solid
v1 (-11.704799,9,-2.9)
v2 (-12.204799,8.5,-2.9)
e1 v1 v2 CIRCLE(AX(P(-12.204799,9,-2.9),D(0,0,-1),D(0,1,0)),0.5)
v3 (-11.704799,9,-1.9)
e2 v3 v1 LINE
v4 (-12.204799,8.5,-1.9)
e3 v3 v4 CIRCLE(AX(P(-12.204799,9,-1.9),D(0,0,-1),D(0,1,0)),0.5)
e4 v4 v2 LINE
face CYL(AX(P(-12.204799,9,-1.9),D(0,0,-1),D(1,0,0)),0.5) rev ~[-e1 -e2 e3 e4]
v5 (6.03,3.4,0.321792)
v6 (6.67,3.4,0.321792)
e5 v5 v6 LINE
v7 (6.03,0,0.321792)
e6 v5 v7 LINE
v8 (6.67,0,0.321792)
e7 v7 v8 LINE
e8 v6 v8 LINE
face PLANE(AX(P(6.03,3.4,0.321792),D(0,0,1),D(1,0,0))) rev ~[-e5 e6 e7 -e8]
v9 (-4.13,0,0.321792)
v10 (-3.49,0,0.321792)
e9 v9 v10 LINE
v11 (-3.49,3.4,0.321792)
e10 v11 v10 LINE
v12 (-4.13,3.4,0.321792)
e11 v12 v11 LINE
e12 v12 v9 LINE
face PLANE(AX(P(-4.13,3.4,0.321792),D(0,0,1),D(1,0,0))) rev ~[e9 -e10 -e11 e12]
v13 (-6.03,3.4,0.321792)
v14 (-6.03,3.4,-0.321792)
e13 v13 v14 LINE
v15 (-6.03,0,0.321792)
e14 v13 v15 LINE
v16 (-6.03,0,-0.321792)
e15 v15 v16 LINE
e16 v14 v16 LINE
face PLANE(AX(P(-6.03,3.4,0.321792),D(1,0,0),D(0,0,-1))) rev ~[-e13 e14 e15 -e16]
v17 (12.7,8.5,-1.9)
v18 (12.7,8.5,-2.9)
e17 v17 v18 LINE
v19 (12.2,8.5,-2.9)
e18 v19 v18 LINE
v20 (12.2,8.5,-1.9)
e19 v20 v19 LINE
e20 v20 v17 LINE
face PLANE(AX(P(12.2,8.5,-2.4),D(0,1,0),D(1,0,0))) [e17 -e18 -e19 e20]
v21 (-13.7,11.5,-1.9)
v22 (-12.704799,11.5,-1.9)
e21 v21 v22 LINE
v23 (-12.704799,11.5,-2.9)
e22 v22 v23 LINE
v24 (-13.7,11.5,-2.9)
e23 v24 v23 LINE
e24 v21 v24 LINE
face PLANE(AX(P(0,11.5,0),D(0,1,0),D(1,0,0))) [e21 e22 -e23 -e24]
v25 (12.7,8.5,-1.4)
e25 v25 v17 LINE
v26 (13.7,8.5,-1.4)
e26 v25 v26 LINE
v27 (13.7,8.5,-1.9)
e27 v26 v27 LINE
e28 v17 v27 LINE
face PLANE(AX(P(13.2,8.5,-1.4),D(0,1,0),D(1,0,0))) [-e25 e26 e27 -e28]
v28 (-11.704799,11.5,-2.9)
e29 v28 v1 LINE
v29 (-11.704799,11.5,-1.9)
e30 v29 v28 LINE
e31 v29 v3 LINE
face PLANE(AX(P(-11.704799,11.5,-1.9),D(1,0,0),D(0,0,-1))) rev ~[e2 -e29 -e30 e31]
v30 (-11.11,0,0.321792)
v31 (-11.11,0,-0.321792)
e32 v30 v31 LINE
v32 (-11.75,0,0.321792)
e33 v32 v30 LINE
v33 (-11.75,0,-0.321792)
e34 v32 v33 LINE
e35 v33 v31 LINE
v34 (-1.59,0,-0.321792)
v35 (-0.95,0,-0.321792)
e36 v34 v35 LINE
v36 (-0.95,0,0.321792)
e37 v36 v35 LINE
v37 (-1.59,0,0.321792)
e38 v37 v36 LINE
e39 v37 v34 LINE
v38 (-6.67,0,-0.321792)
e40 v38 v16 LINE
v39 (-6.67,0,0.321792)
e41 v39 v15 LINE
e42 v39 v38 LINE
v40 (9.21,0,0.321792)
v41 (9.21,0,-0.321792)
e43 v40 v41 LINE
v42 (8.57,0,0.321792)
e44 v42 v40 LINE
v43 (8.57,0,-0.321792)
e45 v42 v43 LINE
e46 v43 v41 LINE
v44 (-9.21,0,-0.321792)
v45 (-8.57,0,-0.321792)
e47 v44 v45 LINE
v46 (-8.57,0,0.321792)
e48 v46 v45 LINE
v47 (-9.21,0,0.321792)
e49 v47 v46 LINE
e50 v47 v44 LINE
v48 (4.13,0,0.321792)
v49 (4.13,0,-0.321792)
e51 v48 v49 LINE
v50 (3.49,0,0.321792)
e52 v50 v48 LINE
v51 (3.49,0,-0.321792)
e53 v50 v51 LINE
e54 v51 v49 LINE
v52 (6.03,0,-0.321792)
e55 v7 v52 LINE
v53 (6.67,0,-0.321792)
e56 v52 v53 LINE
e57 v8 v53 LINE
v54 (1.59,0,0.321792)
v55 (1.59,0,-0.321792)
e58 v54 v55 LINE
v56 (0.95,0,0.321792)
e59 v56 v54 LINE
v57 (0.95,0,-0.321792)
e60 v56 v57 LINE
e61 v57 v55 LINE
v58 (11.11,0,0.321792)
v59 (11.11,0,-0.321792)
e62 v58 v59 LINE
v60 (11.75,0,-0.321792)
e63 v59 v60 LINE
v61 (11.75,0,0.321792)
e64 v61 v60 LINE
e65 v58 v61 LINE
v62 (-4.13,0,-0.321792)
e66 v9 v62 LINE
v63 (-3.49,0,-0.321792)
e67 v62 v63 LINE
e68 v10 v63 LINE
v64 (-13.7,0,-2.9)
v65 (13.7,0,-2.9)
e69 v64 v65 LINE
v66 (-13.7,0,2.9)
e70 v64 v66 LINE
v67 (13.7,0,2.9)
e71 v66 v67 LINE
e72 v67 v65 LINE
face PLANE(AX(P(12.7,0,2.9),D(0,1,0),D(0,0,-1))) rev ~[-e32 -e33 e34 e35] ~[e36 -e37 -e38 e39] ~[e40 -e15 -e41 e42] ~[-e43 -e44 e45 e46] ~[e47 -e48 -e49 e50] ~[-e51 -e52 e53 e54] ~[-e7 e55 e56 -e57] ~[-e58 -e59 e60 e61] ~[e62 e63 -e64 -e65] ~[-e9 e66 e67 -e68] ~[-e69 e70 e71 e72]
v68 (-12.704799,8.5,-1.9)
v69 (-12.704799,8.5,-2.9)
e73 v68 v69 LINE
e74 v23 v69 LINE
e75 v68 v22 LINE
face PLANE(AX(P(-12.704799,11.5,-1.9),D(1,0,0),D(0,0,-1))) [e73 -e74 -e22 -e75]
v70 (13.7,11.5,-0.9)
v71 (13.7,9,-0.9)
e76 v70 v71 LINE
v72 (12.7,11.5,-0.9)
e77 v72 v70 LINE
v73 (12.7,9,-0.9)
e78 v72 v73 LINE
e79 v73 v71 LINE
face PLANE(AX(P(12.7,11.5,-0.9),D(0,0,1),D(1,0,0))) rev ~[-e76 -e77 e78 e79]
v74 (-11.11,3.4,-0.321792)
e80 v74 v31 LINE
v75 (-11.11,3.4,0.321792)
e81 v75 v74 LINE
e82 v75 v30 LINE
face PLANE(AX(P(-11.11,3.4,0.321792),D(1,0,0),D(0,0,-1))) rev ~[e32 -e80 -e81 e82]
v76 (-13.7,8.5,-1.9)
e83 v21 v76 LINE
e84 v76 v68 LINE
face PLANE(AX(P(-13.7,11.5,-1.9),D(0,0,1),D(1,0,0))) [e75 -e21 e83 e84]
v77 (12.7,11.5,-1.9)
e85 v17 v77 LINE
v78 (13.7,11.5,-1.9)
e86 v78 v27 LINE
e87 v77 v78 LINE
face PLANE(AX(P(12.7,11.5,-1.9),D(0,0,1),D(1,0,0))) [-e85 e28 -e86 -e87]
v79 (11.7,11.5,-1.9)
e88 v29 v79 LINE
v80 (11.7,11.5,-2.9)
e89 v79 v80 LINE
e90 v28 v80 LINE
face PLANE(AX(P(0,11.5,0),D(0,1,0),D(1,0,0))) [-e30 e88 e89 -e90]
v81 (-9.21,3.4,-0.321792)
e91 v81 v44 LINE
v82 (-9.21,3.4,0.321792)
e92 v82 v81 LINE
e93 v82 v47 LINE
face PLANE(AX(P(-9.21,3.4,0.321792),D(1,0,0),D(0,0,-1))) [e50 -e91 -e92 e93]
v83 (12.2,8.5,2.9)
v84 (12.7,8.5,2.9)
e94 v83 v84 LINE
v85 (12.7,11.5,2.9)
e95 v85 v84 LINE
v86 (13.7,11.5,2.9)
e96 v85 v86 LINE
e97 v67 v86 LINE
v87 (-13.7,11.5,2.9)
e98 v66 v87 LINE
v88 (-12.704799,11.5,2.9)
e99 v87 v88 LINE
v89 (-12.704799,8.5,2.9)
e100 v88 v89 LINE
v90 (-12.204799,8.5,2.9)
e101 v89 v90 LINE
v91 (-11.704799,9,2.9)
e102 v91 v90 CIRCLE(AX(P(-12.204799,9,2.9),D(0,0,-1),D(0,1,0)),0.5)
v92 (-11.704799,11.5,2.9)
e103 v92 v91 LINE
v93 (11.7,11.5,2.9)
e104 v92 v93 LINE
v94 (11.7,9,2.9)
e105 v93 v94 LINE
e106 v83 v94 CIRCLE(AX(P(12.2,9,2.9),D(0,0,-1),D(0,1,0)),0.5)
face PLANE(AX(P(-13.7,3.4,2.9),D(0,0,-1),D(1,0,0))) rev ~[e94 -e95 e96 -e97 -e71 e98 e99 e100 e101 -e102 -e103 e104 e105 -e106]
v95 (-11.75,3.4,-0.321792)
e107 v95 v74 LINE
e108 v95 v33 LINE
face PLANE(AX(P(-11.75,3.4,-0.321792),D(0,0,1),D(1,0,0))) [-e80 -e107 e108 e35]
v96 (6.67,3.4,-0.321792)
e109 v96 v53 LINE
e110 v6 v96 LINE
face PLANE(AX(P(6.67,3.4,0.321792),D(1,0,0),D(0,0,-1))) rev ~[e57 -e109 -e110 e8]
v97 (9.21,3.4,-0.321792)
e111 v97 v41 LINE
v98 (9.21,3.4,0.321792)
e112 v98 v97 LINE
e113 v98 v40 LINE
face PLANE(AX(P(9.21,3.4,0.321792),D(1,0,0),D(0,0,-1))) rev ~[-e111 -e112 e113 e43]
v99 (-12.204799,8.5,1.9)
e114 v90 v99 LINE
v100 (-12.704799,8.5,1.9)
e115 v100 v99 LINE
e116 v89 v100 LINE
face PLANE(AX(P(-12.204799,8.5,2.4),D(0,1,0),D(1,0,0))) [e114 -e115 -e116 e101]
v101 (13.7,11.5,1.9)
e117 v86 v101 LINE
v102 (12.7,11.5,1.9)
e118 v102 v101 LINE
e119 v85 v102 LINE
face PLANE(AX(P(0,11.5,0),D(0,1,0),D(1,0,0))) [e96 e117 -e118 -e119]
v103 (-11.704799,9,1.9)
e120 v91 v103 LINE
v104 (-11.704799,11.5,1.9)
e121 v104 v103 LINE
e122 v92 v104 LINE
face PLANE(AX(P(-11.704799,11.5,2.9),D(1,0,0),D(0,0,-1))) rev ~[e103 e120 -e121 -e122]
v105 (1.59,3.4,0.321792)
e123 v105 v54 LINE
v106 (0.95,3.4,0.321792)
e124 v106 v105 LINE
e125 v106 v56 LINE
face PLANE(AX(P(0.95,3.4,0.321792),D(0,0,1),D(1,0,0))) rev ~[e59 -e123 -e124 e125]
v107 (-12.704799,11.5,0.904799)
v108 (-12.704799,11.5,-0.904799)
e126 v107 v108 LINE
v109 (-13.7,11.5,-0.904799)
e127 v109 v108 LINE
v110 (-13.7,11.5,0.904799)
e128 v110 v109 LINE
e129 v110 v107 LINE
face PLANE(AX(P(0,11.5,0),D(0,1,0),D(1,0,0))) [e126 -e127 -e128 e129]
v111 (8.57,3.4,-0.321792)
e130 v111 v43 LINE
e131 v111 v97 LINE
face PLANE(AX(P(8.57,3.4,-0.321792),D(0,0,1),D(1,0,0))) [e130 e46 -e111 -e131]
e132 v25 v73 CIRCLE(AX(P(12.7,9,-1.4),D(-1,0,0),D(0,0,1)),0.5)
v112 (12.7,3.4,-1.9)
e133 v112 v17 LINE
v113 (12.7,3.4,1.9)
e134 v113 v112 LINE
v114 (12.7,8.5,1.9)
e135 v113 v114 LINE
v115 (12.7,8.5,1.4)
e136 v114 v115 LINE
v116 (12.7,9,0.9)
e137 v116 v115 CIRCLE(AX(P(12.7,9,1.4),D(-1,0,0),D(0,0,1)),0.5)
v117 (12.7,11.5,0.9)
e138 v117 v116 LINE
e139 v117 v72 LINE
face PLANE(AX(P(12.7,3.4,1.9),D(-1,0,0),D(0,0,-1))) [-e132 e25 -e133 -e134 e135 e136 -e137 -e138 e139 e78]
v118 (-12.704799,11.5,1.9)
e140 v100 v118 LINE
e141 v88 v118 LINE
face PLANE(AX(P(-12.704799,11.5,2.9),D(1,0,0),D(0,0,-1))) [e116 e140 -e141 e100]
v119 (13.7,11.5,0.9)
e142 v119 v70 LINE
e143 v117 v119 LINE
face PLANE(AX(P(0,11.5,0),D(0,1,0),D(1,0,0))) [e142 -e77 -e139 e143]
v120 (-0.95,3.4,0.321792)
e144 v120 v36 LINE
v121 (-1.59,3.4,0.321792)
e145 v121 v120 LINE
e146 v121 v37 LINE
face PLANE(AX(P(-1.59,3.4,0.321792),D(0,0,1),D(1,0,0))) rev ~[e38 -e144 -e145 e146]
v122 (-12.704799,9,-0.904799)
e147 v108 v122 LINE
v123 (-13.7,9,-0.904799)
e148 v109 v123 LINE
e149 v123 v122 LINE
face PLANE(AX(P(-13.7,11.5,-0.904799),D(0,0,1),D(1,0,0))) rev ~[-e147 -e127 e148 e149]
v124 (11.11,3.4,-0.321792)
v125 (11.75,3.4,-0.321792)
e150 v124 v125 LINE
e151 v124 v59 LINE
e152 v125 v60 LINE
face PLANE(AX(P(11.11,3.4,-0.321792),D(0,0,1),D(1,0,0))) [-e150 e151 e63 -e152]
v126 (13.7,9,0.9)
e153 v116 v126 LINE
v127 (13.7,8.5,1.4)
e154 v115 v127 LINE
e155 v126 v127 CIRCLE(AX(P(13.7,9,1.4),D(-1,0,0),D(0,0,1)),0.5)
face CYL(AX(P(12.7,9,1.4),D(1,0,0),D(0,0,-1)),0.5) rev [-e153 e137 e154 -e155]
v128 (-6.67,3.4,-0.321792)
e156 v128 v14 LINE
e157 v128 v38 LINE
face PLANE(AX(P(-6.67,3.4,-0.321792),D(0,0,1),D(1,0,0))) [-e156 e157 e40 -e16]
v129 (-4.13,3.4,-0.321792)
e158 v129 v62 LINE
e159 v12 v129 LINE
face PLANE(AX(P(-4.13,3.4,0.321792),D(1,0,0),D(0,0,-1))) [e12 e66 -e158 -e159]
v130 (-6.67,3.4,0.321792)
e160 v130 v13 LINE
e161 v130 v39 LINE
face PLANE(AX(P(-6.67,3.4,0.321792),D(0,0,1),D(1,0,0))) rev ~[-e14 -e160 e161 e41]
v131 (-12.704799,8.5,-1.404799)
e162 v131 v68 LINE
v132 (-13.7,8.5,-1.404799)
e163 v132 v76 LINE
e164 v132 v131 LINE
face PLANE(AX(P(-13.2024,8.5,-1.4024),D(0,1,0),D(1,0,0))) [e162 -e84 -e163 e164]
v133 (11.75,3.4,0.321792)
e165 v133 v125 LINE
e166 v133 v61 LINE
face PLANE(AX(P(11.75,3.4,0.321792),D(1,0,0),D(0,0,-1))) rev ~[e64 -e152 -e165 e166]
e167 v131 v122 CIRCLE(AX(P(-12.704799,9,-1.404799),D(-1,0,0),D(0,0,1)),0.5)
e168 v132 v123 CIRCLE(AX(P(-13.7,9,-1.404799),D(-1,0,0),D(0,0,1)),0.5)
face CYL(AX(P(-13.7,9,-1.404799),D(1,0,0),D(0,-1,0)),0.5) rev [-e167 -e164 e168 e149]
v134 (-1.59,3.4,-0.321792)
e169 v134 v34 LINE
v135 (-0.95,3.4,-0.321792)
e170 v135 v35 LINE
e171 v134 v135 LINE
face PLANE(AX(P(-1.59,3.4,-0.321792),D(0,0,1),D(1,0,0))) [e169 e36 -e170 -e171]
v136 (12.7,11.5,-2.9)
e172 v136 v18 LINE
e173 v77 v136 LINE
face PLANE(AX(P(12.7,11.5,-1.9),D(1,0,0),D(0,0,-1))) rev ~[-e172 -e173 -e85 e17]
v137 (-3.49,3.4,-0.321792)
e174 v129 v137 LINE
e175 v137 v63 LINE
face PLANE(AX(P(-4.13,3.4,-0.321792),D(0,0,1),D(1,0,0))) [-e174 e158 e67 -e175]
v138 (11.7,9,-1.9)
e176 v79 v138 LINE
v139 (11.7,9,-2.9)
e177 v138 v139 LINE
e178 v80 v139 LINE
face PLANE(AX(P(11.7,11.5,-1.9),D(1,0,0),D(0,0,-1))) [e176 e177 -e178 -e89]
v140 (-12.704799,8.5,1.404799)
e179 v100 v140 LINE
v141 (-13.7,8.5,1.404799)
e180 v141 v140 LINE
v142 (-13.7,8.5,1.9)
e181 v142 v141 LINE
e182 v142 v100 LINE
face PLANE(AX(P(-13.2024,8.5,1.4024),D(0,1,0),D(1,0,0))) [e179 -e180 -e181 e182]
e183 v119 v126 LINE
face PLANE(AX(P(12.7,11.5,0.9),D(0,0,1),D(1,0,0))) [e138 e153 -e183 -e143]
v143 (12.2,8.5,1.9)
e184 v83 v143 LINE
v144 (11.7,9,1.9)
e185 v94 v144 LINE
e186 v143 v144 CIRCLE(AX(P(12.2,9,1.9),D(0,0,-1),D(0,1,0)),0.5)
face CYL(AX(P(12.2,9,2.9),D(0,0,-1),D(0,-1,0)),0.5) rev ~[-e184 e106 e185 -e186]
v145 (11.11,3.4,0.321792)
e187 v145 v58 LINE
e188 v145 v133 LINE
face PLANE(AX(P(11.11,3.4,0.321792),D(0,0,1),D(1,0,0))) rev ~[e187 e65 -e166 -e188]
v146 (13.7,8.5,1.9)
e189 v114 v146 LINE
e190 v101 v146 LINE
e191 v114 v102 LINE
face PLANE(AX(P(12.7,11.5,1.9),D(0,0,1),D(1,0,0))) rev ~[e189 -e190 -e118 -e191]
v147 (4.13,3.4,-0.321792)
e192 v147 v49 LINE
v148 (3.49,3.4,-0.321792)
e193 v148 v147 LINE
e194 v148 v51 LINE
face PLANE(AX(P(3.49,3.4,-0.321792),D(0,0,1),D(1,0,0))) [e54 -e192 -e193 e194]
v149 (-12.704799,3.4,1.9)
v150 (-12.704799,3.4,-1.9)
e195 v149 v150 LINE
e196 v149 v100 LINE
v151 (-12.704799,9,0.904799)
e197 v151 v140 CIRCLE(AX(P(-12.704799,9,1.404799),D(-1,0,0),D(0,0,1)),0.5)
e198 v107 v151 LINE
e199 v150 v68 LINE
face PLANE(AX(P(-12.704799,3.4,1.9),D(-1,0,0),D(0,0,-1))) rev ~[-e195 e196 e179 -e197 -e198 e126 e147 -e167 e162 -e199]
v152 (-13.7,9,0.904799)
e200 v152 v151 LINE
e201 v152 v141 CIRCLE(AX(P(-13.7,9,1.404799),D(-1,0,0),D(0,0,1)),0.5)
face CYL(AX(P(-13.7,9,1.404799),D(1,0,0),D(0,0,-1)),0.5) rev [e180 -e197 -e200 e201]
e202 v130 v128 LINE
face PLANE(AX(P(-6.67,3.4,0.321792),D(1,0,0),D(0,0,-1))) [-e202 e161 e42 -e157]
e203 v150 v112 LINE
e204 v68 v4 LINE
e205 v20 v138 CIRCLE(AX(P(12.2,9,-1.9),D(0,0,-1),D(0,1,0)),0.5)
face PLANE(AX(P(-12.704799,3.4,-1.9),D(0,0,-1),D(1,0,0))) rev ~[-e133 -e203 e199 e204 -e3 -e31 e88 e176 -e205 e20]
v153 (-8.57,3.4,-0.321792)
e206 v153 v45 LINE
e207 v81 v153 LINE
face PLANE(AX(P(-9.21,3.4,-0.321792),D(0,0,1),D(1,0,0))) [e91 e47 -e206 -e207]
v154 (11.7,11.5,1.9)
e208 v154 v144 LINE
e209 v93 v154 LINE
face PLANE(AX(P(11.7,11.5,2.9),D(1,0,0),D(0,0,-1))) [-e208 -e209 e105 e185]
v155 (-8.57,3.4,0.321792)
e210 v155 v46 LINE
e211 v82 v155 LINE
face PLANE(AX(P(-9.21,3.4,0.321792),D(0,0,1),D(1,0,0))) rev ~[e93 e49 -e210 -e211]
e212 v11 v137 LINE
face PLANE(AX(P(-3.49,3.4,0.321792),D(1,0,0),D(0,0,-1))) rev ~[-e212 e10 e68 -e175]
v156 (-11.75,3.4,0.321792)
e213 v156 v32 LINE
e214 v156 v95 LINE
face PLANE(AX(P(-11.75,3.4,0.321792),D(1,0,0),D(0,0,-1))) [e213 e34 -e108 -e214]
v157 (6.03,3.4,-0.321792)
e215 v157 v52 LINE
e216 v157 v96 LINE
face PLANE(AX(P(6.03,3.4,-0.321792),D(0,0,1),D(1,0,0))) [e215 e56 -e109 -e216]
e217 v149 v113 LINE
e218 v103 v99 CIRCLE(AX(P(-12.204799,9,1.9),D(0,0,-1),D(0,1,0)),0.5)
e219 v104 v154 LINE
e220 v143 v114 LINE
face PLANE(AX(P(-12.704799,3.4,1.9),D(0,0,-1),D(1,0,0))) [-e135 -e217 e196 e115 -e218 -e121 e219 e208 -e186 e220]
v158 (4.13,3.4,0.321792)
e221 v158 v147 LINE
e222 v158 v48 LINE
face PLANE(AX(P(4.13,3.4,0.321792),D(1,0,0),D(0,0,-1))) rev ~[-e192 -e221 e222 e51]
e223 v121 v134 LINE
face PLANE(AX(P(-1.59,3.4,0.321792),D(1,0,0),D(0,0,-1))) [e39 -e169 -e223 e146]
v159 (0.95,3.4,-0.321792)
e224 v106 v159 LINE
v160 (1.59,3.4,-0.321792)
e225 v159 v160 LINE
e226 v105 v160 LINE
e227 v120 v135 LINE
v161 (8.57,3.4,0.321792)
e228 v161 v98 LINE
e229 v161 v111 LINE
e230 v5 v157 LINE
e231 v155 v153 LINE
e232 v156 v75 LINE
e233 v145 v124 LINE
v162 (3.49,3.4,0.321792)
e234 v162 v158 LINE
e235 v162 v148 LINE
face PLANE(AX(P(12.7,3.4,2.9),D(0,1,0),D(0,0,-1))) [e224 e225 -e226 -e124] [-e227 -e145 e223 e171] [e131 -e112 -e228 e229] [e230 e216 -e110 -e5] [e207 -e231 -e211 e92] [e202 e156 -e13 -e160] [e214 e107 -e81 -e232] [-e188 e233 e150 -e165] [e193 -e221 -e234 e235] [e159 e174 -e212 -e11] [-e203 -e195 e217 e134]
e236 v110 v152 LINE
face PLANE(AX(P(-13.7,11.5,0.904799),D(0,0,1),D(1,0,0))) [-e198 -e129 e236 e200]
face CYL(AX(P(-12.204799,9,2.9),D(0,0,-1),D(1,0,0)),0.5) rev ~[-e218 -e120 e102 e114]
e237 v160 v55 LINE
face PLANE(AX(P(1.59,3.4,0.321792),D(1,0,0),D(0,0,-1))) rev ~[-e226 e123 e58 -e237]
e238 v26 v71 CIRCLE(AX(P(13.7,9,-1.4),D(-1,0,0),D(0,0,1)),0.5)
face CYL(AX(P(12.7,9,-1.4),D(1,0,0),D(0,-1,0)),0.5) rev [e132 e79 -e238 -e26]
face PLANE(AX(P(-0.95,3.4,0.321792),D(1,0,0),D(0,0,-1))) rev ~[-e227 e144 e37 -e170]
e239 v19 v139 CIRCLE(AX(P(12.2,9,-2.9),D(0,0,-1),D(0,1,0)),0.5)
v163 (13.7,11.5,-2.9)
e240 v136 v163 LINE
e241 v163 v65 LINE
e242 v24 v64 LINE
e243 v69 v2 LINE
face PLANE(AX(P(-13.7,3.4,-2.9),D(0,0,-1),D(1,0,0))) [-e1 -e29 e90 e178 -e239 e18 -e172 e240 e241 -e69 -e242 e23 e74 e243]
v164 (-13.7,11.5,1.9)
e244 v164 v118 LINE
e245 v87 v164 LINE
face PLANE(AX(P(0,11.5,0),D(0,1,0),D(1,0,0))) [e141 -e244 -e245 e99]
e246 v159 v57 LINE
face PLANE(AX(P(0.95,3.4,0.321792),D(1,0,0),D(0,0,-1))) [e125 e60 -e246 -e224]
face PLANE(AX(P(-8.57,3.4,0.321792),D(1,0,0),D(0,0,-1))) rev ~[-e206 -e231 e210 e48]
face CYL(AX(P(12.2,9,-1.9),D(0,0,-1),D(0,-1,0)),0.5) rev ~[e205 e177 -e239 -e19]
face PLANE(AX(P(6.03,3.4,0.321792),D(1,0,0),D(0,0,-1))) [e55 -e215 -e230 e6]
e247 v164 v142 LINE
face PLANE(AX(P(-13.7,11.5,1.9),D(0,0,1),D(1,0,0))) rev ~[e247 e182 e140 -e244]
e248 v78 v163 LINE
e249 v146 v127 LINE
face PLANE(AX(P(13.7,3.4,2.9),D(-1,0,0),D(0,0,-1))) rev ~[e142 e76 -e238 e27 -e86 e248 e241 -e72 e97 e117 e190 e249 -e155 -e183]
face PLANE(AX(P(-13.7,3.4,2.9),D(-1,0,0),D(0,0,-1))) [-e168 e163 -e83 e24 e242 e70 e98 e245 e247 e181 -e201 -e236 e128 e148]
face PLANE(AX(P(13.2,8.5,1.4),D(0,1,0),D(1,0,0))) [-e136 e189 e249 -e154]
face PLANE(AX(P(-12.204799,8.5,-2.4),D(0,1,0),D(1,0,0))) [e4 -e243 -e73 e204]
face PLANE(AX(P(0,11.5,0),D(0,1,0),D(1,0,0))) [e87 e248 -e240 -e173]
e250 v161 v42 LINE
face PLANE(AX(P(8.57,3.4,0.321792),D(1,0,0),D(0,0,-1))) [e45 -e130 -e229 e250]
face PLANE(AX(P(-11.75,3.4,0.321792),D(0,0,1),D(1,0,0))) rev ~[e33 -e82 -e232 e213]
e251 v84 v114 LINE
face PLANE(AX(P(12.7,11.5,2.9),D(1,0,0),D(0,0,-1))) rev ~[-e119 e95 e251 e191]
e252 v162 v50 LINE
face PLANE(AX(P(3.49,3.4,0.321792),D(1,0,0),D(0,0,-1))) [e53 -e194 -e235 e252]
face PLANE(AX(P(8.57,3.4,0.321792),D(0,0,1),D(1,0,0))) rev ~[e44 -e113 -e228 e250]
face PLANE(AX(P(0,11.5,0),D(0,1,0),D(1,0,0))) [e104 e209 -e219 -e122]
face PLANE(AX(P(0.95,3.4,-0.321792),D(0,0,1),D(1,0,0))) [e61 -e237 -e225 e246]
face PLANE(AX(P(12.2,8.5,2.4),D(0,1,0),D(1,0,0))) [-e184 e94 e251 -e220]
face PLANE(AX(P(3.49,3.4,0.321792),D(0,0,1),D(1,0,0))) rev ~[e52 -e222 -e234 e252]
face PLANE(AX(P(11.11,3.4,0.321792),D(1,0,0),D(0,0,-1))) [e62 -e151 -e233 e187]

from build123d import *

# Parameters (mm, degrees)
SZKIC1_W                    = 25.4
SZKIC1_H                    = 5.8
DODANIE_WYCI_GNI_CIE2_DEPTH = 3.4
SZKIC3_W                    = 0.64
SZKIC3_H                    = 0.643583424
WYTNIJ_WYCI_GNI_CIE1_DEPTH  = 3.4
SZKIC5_W                    = 5.8
SZKIC5_H                    = 3.4
DODANIE_WYCI_GNI_CIE3_DEPTH = 1
SZKIC6_W                    = 5.8
SZKIC6_H                    = 3.4
DODANIE_WYCI_GNI_CIE4_DEPTH = 1
SZKIC7_W                    = 27.4
SZKIC7_H                    = 5.8
SZKIC7_W_2                  = 25.404799249
SZKIC7_H_2                  = 3.8
DODANIE_WYCI_GNI_CIE6_DEPTH = 8.1
SZKIC8_W                    = 1
SZKIC8_H                    = 1
SZKIC8_W_2                  = 0.995200751
SZKIC8_H_2                  = 0.995200751
WYTNIJ_WYCI_GNI_CIE3_DEPTH  = 3
ZAOKR_GLENIE1_R             = 0.5


with BuildPart() as part:
    # Szkic1 → Dodanie-wyciągnięcie2 (new body)
    with BuildSketch(Plane(origin=(0, 0, 0), x_dir=(1, 0, 0), z_dir=(0, 1, 0))):
        Rectangle(SZKIC1_W, SZKIC1_H)
    extrude(amount=DODANIE_WYCI_GNI_CIE2_DEPTH)

    # Szkic3 → Wytnij-wyciągnięcie1 (cut)
    with BuildSketch(Plane(origin=(0, 3.4, 0), x_dir=(1, 0, 0), z_dir=(0, 1, 0))):
        with Locations((-11.43, 0)):
            Rectangle(SZKIC3_W, SZKIC3_H)
        with Locations((-8.89, 0)):
            Rectangle(SZKIC3_W, SZKIC3_H)
        with Locations((-6.35, 0)):
            Rectangle(SZKIC3_W, SZKIC3_H)
        with Locations((-3.81, 0)):
            Rectangle(SZKIC3_W, SZKIC3_H)
        with Locations((-1.27, 0)):
            Rectangle(SZKIC3_W, SZKIC3_H)
        with Locations((1.27, 0)):
            Rectangle(SZKIC3_W, SZKIC3_H)
        with Locations((3.81, 0)):
            Rectangle(SZKIC3_W, SZKIC3_H)
        with Locations((6.35, 0)):
            Rectangle(SZKIC3_W, SZKIC3_H)
        with Locations((8.89, 0)):
            Rectangle(SZKIC3_W, SZKIC3_H)
        with Locations((11.43, 0)):
            Rectangle(SZKIC3_W, SZKIC3_H)
    extrude(amount=-WYTNIJ_WYCI_GNI_CIE1_DEPTH, mode=Mode.SUBTRACT)

    # Szkic5 → Dodanie-wyciągnięcie3 (add)
    with BuildSketch(Plane.ZY.offset(12.7)):
        with Locations((0, 1.7)):
            Rectangle(SZKIC5_W, SZKIC5_H)
    extrude(amount=DODANIE_WYCI_GNI_CIE3_DEPTH)

    # Szkic6 → Dodanie-wyciągnięcie4 (add)
    with BuildSketch(Plane(origin=(12.7, 0, 0), x_dir=(0, 0, -1), z_dir=(1, 0, 0))):
        with Locations((0, 1.7)):
            Rectangle(SZKIC6_W, SZKIC6_H)
    extrude(amount=DODANIE_WYCI_GNI_CIE4_DEPTH)

    # Szkic7 → Dodanie-wyciągnięcie6 (add)
    with BuildSketch(Plane(origin=(0, 3.4, 0), x_dir=(1, 0, 0), z_dir=(0, 1, 0))):
        Rectangle(SZKIC7_W, SZKIC7_H)
        with Locations((-0.002399624, 0)):
            Rectangle(SZKIC7_W_2, SZKIC7_H_2, mode=Mode.SUBTRACT)
    extrude(amount=DODANIE_WYCI_GNI_CIE6_DEPTH)

    # Szkic8 → Wytnij-wyciągnięcie3 (cut)
    with BuildSketch(Plane(origin=(0, 11.5, 0), x_dir=(1, 0, 0), z_dir=(0, 1, 0))):
        with Locations((12.2, 2.4)):
            Rectangle(SZKIC8_W, SZKIC8_H)
        with Locations((13.2, 1.4)):
            Rectangle(SZKIC8_W, SZKIC8_H)
        with Locations((13.2, -1.4)):
            Rectangle(SZKIC8_W, SZKIC8_H)
        with Locations((12.2, -2.4)):
            Rectangle(SZKIC8_W, SZKIC8_H)
        with Locations((-12.204799249, -2.4)):
            Rectangle(SZKIC8_W, SZKIC8_H)
        with Locations((-13.202399624, -1.402399625)):
            Rectangle(SZKIC8_W_2, SZKIC8_H_2)
        with Locations((-13.202399624, 1.402399625)):
            Rectangle(SZKIC8_W_2, SZKIC8_H_2)
        with Locations((-12.204799249, 2.4)):
            Rectangle(SZKIC8_W, SZKIC8_H)
    extrude(amount=-WYTNIJ_WYCI_GNI_CIE3_DEPTH, mode=Mode.SUBTRACT)

    # Zaokrąglenie1
    zaokr_glenie1_edges = [part.edges().sort_by_distance(p)[0] for p in [
        (-13.202399624, 8.5, -0.904799249),
        (-13.202399624, 8.5, 0.904799249),
        (13.2, 8.5, 0.9),
        (13.2, 8.5, -0.9),
        (11.7, 8.5, -2.4),
        (11.7, 8.5, 2.4),
        (-11.704799249, 8.5, 2.4),
        (-11.704799249, 8.5, -2.4),
    ]]
    fillet(zaokr_glenie1_edges, radius=ZAOKR_GLENIE1_R)


solid = part.part
